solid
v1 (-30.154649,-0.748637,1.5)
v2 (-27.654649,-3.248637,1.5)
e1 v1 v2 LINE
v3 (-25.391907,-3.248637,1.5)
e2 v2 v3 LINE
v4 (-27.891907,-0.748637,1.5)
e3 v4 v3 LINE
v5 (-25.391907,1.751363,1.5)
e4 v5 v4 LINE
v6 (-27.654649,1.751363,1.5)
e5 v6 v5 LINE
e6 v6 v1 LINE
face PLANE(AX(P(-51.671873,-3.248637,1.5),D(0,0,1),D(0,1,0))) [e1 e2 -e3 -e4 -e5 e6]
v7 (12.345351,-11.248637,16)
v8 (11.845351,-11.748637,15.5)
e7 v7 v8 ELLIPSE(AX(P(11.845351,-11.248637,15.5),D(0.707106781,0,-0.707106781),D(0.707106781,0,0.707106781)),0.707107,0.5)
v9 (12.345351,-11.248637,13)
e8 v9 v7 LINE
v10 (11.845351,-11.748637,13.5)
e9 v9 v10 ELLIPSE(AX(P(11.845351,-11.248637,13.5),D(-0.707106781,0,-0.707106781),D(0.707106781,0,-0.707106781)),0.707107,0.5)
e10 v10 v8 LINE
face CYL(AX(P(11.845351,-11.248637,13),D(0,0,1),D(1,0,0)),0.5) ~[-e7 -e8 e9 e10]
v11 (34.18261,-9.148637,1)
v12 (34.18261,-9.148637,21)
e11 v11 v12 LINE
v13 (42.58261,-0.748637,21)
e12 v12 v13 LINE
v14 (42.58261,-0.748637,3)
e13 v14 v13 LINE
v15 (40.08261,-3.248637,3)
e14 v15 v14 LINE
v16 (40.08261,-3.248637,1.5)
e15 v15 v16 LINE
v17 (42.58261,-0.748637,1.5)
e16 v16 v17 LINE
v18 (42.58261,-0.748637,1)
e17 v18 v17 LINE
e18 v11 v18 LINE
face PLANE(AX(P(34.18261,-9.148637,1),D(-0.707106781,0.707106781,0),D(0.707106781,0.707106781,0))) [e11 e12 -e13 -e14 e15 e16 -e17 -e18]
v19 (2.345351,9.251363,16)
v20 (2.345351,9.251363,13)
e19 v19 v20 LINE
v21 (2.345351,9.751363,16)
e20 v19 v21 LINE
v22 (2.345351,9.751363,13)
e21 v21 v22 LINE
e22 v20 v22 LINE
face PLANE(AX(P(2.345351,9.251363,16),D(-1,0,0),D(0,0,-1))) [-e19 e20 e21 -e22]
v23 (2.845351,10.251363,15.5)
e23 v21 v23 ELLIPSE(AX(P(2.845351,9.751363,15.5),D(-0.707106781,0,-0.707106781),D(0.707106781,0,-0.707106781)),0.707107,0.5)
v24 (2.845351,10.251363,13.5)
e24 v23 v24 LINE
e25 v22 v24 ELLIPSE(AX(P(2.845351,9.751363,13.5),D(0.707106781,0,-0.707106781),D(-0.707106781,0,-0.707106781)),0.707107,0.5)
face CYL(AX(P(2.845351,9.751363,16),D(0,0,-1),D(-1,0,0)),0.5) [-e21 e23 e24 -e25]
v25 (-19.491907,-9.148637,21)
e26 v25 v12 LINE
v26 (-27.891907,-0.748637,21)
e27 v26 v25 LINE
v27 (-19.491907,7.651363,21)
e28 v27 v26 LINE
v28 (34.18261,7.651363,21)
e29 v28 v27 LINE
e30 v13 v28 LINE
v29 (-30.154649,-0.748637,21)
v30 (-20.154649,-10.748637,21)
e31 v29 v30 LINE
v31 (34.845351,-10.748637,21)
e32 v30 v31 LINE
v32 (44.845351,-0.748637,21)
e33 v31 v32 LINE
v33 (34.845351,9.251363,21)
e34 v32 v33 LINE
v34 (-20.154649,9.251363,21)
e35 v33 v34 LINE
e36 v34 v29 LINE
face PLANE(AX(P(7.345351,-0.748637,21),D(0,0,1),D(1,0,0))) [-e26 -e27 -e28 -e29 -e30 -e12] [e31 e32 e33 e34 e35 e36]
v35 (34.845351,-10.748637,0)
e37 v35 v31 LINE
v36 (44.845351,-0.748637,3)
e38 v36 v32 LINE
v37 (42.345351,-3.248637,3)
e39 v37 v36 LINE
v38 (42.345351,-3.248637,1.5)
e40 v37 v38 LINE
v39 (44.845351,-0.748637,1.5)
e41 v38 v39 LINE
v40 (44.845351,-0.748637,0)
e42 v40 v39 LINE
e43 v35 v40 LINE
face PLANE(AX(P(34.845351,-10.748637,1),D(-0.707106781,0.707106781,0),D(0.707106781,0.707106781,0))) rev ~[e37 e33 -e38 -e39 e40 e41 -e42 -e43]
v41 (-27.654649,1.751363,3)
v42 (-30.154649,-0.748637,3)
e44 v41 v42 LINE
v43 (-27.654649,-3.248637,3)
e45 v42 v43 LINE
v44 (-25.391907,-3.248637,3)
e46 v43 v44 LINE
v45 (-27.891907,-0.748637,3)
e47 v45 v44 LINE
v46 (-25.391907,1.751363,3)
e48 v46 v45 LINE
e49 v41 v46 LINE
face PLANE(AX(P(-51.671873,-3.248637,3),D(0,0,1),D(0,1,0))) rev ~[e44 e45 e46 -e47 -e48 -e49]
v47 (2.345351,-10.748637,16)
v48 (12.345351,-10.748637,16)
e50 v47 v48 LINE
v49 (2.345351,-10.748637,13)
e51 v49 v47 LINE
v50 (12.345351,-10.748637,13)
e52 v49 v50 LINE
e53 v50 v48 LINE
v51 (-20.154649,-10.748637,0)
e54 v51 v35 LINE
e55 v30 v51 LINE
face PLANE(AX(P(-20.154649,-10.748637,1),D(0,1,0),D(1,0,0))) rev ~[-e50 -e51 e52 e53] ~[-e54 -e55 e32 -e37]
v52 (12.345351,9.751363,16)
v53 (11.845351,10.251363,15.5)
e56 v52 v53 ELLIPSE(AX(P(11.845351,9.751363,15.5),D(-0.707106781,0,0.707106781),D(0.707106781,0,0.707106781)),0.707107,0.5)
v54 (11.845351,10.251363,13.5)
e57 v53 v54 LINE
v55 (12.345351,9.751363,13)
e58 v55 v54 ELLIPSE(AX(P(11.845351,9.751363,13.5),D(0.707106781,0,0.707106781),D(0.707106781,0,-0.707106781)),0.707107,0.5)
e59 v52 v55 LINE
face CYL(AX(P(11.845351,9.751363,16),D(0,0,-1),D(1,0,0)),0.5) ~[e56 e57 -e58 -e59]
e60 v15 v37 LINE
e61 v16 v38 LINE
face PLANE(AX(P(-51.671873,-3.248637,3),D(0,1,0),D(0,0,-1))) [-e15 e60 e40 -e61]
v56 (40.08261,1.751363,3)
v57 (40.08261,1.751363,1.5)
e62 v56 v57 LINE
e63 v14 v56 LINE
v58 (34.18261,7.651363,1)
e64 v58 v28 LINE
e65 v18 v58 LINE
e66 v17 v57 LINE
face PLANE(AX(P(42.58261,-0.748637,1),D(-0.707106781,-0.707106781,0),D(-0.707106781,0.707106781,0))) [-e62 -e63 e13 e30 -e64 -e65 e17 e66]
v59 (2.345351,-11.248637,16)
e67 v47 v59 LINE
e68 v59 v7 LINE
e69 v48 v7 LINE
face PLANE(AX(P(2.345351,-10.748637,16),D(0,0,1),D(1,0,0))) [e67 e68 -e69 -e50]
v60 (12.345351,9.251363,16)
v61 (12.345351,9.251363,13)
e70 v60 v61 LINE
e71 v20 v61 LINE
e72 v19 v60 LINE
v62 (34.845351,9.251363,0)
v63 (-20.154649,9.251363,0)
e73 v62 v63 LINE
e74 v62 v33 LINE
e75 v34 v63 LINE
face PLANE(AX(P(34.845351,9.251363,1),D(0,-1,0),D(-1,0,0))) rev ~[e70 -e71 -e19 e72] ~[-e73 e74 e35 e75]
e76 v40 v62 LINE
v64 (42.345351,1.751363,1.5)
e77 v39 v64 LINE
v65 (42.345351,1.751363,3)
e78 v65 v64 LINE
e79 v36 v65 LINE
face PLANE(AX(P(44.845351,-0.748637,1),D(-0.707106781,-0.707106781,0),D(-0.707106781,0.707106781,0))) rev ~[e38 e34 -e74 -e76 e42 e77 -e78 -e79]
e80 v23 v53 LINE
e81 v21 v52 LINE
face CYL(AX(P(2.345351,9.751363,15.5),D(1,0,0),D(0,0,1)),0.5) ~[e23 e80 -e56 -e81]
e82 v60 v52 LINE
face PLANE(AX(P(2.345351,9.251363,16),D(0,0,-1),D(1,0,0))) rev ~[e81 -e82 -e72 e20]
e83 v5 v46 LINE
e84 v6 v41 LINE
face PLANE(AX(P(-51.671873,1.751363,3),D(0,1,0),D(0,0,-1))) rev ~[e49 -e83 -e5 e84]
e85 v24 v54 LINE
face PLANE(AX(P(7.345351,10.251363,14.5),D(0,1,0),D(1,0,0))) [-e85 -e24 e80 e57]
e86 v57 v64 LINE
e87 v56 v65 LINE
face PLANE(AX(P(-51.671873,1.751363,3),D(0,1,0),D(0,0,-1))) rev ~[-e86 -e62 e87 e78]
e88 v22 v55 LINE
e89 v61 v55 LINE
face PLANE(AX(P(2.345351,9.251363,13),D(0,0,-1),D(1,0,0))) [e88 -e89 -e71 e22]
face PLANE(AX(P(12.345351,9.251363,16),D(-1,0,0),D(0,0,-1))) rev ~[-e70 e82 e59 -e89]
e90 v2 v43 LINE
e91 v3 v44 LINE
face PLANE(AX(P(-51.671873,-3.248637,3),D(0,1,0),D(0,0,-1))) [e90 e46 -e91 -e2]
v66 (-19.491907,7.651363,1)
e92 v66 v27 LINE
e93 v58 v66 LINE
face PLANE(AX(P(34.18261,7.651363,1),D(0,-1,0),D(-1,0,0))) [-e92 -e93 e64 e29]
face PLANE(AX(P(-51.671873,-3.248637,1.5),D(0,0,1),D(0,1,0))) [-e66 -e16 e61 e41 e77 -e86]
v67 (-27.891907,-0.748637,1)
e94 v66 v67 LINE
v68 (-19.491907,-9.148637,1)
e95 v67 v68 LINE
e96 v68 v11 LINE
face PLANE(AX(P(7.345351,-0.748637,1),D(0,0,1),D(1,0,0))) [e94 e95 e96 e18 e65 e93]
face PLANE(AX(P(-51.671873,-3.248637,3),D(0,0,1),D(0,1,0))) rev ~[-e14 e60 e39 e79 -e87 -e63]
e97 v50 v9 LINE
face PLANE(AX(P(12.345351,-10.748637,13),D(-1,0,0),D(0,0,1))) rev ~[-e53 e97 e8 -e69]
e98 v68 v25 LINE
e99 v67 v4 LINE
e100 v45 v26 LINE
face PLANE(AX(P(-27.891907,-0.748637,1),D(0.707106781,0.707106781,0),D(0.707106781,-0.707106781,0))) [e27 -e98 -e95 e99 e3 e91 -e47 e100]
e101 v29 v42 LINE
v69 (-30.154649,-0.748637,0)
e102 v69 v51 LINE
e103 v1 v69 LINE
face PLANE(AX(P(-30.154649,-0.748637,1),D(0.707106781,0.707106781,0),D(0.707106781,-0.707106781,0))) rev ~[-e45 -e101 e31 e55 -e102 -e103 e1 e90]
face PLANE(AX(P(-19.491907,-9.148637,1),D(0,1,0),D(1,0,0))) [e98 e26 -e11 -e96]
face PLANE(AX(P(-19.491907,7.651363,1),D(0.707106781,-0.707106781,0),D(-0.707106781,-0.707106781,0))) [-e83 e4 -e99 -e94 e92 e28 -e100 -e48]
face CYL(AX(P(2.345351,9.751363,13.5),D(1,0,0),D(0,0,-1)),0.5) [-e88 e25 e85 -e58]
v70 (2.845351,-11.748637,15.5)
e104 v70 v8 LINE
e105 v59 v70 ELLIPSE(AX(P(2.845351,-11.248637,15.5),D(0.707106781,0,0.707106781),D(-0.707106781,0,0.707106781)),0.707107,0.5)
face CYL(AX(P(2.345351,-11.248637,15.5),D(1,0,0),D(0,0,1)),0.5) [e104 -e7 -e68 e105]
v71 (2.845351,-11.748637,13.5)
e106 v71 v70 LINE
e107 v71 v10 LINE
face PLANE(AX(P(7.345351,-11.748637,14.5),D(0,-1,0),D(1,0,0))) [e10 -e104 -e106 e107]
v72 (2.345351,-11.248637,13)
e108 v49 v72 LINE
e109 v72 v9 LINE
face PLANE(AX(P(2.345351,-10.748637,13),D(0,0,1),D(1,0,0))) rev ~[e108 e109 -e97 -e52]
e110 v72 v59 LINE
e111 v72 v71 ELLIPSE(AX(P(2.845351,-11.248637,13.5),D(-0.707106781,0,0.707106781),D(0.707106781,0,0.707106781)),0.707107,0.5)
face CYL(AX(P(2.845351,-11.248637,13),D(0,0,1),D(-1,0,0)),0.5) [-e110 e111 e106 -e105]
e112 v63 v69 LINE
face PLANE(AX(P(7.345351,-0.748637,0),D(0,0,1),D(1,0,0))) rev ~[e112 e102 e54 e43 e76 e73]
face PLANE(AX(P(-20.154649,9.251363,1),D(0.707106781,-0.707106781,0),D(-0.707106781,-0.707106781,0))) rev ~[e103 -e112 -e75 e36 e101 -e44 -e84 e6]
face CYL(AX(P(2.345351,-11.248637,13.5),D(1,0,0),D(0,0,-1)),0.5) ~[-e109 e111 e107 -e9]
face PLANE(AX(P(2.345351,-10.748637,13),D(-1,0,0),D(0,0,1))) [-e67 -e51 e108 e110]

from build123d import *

# Parameters (mm, degrees)
BOSS_EXTRU_1_DEPTH           = 1
BOSS_EXTRU_2_DEPTH           = 20
ENL_V_MAT_EXTRU_1_DEPTH      = 51.671873049
ENL_V_MAT_EXTRU_1_DEPTH_BACK = 51.671873049
ESQUISSE5_W                  = 1.5
ESQUISSE5_H                  = 5
ESQUISSE9_W                  = 10
ESQUISSE9_H                  = 3
BOSS_EXTRU_5_DEPTH           = 1
CONG_1_R                     = 0.5
ESQUISSE10_W                 = 10
ESQUISSE10_H                 = 3
BOSS_EXTRU_6_DEPTH           = 1
CONG_2_R                     = 0.5


with BuildPart() as part:
    # Esquisse1 → Boss.-Extru.1 (new body)
    with BuildSketch(Plane.XY):
        Polygon((34.845351237, 9.251363312), (-20.154648763, 9.251363312), (-30.154648763, -0.748636688), (-20.154648763, -10.748636688), (34.845351237, -10.748636688), (44.845351237, -0.748636688), align=None)
    extrude(amount=BOSS_EXTRU_1_DEPTH)

    # Esquisse2 → Boss.-Extru.2 (add)
    with BuildSketch(Plane.XY.offset(1)):
        Polygon((-20.154648763, -10.748636688), (34.845351237, -10.748636688), (44.845351237, -0.748636688), (34.845351237, 9.251363312), (-20.154648763, 9.251363312), (-30.154648763, -0.748636688), align=None)
        Polygon((-19.491907063, 7.651363312), (-27.891907063, -0.748636688), (-19.491907063, -9.148636688), (34.182609538, -9.148636688), (42.582609538, -0.748636688), (34.182609538, 7.651363312), align=None, mode=Mode.SUBTRACT)
    extrude(amount=BOSS_EXTRU_2_DEPTH)

    # Esquisse5 → Enlèv. mat.-Extru.1 (cut, two sides: drawn at the far end of the back side and taken through both)
    with BuildSketch(Plane(origin=(0, 0, 0), x_dir=(0, 0, -1), z_dir=(1, 0, 0)).offset(-ENL_V_MAT_EXTRU_1_DEPTH_BACK)):
        with Locations((-2.25, -0.748636688)):
            Rectangle(ESQUISSE5_W, ESQUISSE5_H)
    extrude(amount=ENL_V_MAT_EXTRU_1_DEPTH + ENL_V_MAT_EXTRU_1_DEPTH_BACK, mode=Mode.SUBTRACT)

    # Esquisse9 → Boss.-Extru.5 (add)
    with BuildSketch(Plane(origin=(0, 9.251363312, 0), x_dir=(1, 0, 0), z_dir=(0, 1, 0))):
        with Locations((7.345351237, -14.5)):
            Rectangle(ESQUISSE9_W, ESQUISSE9_H)
    extrude(amount=BOSS_EXTRU_5_DEPTH)

    # Congé1
    cong_1_edges = [part.edges().sort_by_distance(p)[0] for p in [
        (2.345351237, 10.251363312, 14.5),
        (7.345351237, 10.251363312, 16),
        (12.345351237, 10.251363312, 14.5),
        (7.345351237, 10.251363312, 13),
    ]]
    fillet(cong_1_edges, radius=CONG_1_R)

    # Esquisse10 → Boss.-Extru.6 (add)
    with BuildSketch(Plane.XZ.offset(10.748636688)):
        with Locations((7.345351237, 14.5)):
            Rectangle(ESQUISSE10_W, ESQUISSE10_H)
    extrude(amount=BOSS_EXTRU_6_DEPTH)

    # Congé2
    cong_2_edges = [part.edges().sort_by_distance(p)[0] for p in [
        (2.345351237, -11.748636688, 14.5),
        (7.345351237, -11.748636688, 13),
        (12.345351237, -11.748636688, 14.5),
        (7.345351237, -11.748636688, 16),
    ]]
    fillet(cong_2_edges, radius=CONG_2_R)


solid = part.part
